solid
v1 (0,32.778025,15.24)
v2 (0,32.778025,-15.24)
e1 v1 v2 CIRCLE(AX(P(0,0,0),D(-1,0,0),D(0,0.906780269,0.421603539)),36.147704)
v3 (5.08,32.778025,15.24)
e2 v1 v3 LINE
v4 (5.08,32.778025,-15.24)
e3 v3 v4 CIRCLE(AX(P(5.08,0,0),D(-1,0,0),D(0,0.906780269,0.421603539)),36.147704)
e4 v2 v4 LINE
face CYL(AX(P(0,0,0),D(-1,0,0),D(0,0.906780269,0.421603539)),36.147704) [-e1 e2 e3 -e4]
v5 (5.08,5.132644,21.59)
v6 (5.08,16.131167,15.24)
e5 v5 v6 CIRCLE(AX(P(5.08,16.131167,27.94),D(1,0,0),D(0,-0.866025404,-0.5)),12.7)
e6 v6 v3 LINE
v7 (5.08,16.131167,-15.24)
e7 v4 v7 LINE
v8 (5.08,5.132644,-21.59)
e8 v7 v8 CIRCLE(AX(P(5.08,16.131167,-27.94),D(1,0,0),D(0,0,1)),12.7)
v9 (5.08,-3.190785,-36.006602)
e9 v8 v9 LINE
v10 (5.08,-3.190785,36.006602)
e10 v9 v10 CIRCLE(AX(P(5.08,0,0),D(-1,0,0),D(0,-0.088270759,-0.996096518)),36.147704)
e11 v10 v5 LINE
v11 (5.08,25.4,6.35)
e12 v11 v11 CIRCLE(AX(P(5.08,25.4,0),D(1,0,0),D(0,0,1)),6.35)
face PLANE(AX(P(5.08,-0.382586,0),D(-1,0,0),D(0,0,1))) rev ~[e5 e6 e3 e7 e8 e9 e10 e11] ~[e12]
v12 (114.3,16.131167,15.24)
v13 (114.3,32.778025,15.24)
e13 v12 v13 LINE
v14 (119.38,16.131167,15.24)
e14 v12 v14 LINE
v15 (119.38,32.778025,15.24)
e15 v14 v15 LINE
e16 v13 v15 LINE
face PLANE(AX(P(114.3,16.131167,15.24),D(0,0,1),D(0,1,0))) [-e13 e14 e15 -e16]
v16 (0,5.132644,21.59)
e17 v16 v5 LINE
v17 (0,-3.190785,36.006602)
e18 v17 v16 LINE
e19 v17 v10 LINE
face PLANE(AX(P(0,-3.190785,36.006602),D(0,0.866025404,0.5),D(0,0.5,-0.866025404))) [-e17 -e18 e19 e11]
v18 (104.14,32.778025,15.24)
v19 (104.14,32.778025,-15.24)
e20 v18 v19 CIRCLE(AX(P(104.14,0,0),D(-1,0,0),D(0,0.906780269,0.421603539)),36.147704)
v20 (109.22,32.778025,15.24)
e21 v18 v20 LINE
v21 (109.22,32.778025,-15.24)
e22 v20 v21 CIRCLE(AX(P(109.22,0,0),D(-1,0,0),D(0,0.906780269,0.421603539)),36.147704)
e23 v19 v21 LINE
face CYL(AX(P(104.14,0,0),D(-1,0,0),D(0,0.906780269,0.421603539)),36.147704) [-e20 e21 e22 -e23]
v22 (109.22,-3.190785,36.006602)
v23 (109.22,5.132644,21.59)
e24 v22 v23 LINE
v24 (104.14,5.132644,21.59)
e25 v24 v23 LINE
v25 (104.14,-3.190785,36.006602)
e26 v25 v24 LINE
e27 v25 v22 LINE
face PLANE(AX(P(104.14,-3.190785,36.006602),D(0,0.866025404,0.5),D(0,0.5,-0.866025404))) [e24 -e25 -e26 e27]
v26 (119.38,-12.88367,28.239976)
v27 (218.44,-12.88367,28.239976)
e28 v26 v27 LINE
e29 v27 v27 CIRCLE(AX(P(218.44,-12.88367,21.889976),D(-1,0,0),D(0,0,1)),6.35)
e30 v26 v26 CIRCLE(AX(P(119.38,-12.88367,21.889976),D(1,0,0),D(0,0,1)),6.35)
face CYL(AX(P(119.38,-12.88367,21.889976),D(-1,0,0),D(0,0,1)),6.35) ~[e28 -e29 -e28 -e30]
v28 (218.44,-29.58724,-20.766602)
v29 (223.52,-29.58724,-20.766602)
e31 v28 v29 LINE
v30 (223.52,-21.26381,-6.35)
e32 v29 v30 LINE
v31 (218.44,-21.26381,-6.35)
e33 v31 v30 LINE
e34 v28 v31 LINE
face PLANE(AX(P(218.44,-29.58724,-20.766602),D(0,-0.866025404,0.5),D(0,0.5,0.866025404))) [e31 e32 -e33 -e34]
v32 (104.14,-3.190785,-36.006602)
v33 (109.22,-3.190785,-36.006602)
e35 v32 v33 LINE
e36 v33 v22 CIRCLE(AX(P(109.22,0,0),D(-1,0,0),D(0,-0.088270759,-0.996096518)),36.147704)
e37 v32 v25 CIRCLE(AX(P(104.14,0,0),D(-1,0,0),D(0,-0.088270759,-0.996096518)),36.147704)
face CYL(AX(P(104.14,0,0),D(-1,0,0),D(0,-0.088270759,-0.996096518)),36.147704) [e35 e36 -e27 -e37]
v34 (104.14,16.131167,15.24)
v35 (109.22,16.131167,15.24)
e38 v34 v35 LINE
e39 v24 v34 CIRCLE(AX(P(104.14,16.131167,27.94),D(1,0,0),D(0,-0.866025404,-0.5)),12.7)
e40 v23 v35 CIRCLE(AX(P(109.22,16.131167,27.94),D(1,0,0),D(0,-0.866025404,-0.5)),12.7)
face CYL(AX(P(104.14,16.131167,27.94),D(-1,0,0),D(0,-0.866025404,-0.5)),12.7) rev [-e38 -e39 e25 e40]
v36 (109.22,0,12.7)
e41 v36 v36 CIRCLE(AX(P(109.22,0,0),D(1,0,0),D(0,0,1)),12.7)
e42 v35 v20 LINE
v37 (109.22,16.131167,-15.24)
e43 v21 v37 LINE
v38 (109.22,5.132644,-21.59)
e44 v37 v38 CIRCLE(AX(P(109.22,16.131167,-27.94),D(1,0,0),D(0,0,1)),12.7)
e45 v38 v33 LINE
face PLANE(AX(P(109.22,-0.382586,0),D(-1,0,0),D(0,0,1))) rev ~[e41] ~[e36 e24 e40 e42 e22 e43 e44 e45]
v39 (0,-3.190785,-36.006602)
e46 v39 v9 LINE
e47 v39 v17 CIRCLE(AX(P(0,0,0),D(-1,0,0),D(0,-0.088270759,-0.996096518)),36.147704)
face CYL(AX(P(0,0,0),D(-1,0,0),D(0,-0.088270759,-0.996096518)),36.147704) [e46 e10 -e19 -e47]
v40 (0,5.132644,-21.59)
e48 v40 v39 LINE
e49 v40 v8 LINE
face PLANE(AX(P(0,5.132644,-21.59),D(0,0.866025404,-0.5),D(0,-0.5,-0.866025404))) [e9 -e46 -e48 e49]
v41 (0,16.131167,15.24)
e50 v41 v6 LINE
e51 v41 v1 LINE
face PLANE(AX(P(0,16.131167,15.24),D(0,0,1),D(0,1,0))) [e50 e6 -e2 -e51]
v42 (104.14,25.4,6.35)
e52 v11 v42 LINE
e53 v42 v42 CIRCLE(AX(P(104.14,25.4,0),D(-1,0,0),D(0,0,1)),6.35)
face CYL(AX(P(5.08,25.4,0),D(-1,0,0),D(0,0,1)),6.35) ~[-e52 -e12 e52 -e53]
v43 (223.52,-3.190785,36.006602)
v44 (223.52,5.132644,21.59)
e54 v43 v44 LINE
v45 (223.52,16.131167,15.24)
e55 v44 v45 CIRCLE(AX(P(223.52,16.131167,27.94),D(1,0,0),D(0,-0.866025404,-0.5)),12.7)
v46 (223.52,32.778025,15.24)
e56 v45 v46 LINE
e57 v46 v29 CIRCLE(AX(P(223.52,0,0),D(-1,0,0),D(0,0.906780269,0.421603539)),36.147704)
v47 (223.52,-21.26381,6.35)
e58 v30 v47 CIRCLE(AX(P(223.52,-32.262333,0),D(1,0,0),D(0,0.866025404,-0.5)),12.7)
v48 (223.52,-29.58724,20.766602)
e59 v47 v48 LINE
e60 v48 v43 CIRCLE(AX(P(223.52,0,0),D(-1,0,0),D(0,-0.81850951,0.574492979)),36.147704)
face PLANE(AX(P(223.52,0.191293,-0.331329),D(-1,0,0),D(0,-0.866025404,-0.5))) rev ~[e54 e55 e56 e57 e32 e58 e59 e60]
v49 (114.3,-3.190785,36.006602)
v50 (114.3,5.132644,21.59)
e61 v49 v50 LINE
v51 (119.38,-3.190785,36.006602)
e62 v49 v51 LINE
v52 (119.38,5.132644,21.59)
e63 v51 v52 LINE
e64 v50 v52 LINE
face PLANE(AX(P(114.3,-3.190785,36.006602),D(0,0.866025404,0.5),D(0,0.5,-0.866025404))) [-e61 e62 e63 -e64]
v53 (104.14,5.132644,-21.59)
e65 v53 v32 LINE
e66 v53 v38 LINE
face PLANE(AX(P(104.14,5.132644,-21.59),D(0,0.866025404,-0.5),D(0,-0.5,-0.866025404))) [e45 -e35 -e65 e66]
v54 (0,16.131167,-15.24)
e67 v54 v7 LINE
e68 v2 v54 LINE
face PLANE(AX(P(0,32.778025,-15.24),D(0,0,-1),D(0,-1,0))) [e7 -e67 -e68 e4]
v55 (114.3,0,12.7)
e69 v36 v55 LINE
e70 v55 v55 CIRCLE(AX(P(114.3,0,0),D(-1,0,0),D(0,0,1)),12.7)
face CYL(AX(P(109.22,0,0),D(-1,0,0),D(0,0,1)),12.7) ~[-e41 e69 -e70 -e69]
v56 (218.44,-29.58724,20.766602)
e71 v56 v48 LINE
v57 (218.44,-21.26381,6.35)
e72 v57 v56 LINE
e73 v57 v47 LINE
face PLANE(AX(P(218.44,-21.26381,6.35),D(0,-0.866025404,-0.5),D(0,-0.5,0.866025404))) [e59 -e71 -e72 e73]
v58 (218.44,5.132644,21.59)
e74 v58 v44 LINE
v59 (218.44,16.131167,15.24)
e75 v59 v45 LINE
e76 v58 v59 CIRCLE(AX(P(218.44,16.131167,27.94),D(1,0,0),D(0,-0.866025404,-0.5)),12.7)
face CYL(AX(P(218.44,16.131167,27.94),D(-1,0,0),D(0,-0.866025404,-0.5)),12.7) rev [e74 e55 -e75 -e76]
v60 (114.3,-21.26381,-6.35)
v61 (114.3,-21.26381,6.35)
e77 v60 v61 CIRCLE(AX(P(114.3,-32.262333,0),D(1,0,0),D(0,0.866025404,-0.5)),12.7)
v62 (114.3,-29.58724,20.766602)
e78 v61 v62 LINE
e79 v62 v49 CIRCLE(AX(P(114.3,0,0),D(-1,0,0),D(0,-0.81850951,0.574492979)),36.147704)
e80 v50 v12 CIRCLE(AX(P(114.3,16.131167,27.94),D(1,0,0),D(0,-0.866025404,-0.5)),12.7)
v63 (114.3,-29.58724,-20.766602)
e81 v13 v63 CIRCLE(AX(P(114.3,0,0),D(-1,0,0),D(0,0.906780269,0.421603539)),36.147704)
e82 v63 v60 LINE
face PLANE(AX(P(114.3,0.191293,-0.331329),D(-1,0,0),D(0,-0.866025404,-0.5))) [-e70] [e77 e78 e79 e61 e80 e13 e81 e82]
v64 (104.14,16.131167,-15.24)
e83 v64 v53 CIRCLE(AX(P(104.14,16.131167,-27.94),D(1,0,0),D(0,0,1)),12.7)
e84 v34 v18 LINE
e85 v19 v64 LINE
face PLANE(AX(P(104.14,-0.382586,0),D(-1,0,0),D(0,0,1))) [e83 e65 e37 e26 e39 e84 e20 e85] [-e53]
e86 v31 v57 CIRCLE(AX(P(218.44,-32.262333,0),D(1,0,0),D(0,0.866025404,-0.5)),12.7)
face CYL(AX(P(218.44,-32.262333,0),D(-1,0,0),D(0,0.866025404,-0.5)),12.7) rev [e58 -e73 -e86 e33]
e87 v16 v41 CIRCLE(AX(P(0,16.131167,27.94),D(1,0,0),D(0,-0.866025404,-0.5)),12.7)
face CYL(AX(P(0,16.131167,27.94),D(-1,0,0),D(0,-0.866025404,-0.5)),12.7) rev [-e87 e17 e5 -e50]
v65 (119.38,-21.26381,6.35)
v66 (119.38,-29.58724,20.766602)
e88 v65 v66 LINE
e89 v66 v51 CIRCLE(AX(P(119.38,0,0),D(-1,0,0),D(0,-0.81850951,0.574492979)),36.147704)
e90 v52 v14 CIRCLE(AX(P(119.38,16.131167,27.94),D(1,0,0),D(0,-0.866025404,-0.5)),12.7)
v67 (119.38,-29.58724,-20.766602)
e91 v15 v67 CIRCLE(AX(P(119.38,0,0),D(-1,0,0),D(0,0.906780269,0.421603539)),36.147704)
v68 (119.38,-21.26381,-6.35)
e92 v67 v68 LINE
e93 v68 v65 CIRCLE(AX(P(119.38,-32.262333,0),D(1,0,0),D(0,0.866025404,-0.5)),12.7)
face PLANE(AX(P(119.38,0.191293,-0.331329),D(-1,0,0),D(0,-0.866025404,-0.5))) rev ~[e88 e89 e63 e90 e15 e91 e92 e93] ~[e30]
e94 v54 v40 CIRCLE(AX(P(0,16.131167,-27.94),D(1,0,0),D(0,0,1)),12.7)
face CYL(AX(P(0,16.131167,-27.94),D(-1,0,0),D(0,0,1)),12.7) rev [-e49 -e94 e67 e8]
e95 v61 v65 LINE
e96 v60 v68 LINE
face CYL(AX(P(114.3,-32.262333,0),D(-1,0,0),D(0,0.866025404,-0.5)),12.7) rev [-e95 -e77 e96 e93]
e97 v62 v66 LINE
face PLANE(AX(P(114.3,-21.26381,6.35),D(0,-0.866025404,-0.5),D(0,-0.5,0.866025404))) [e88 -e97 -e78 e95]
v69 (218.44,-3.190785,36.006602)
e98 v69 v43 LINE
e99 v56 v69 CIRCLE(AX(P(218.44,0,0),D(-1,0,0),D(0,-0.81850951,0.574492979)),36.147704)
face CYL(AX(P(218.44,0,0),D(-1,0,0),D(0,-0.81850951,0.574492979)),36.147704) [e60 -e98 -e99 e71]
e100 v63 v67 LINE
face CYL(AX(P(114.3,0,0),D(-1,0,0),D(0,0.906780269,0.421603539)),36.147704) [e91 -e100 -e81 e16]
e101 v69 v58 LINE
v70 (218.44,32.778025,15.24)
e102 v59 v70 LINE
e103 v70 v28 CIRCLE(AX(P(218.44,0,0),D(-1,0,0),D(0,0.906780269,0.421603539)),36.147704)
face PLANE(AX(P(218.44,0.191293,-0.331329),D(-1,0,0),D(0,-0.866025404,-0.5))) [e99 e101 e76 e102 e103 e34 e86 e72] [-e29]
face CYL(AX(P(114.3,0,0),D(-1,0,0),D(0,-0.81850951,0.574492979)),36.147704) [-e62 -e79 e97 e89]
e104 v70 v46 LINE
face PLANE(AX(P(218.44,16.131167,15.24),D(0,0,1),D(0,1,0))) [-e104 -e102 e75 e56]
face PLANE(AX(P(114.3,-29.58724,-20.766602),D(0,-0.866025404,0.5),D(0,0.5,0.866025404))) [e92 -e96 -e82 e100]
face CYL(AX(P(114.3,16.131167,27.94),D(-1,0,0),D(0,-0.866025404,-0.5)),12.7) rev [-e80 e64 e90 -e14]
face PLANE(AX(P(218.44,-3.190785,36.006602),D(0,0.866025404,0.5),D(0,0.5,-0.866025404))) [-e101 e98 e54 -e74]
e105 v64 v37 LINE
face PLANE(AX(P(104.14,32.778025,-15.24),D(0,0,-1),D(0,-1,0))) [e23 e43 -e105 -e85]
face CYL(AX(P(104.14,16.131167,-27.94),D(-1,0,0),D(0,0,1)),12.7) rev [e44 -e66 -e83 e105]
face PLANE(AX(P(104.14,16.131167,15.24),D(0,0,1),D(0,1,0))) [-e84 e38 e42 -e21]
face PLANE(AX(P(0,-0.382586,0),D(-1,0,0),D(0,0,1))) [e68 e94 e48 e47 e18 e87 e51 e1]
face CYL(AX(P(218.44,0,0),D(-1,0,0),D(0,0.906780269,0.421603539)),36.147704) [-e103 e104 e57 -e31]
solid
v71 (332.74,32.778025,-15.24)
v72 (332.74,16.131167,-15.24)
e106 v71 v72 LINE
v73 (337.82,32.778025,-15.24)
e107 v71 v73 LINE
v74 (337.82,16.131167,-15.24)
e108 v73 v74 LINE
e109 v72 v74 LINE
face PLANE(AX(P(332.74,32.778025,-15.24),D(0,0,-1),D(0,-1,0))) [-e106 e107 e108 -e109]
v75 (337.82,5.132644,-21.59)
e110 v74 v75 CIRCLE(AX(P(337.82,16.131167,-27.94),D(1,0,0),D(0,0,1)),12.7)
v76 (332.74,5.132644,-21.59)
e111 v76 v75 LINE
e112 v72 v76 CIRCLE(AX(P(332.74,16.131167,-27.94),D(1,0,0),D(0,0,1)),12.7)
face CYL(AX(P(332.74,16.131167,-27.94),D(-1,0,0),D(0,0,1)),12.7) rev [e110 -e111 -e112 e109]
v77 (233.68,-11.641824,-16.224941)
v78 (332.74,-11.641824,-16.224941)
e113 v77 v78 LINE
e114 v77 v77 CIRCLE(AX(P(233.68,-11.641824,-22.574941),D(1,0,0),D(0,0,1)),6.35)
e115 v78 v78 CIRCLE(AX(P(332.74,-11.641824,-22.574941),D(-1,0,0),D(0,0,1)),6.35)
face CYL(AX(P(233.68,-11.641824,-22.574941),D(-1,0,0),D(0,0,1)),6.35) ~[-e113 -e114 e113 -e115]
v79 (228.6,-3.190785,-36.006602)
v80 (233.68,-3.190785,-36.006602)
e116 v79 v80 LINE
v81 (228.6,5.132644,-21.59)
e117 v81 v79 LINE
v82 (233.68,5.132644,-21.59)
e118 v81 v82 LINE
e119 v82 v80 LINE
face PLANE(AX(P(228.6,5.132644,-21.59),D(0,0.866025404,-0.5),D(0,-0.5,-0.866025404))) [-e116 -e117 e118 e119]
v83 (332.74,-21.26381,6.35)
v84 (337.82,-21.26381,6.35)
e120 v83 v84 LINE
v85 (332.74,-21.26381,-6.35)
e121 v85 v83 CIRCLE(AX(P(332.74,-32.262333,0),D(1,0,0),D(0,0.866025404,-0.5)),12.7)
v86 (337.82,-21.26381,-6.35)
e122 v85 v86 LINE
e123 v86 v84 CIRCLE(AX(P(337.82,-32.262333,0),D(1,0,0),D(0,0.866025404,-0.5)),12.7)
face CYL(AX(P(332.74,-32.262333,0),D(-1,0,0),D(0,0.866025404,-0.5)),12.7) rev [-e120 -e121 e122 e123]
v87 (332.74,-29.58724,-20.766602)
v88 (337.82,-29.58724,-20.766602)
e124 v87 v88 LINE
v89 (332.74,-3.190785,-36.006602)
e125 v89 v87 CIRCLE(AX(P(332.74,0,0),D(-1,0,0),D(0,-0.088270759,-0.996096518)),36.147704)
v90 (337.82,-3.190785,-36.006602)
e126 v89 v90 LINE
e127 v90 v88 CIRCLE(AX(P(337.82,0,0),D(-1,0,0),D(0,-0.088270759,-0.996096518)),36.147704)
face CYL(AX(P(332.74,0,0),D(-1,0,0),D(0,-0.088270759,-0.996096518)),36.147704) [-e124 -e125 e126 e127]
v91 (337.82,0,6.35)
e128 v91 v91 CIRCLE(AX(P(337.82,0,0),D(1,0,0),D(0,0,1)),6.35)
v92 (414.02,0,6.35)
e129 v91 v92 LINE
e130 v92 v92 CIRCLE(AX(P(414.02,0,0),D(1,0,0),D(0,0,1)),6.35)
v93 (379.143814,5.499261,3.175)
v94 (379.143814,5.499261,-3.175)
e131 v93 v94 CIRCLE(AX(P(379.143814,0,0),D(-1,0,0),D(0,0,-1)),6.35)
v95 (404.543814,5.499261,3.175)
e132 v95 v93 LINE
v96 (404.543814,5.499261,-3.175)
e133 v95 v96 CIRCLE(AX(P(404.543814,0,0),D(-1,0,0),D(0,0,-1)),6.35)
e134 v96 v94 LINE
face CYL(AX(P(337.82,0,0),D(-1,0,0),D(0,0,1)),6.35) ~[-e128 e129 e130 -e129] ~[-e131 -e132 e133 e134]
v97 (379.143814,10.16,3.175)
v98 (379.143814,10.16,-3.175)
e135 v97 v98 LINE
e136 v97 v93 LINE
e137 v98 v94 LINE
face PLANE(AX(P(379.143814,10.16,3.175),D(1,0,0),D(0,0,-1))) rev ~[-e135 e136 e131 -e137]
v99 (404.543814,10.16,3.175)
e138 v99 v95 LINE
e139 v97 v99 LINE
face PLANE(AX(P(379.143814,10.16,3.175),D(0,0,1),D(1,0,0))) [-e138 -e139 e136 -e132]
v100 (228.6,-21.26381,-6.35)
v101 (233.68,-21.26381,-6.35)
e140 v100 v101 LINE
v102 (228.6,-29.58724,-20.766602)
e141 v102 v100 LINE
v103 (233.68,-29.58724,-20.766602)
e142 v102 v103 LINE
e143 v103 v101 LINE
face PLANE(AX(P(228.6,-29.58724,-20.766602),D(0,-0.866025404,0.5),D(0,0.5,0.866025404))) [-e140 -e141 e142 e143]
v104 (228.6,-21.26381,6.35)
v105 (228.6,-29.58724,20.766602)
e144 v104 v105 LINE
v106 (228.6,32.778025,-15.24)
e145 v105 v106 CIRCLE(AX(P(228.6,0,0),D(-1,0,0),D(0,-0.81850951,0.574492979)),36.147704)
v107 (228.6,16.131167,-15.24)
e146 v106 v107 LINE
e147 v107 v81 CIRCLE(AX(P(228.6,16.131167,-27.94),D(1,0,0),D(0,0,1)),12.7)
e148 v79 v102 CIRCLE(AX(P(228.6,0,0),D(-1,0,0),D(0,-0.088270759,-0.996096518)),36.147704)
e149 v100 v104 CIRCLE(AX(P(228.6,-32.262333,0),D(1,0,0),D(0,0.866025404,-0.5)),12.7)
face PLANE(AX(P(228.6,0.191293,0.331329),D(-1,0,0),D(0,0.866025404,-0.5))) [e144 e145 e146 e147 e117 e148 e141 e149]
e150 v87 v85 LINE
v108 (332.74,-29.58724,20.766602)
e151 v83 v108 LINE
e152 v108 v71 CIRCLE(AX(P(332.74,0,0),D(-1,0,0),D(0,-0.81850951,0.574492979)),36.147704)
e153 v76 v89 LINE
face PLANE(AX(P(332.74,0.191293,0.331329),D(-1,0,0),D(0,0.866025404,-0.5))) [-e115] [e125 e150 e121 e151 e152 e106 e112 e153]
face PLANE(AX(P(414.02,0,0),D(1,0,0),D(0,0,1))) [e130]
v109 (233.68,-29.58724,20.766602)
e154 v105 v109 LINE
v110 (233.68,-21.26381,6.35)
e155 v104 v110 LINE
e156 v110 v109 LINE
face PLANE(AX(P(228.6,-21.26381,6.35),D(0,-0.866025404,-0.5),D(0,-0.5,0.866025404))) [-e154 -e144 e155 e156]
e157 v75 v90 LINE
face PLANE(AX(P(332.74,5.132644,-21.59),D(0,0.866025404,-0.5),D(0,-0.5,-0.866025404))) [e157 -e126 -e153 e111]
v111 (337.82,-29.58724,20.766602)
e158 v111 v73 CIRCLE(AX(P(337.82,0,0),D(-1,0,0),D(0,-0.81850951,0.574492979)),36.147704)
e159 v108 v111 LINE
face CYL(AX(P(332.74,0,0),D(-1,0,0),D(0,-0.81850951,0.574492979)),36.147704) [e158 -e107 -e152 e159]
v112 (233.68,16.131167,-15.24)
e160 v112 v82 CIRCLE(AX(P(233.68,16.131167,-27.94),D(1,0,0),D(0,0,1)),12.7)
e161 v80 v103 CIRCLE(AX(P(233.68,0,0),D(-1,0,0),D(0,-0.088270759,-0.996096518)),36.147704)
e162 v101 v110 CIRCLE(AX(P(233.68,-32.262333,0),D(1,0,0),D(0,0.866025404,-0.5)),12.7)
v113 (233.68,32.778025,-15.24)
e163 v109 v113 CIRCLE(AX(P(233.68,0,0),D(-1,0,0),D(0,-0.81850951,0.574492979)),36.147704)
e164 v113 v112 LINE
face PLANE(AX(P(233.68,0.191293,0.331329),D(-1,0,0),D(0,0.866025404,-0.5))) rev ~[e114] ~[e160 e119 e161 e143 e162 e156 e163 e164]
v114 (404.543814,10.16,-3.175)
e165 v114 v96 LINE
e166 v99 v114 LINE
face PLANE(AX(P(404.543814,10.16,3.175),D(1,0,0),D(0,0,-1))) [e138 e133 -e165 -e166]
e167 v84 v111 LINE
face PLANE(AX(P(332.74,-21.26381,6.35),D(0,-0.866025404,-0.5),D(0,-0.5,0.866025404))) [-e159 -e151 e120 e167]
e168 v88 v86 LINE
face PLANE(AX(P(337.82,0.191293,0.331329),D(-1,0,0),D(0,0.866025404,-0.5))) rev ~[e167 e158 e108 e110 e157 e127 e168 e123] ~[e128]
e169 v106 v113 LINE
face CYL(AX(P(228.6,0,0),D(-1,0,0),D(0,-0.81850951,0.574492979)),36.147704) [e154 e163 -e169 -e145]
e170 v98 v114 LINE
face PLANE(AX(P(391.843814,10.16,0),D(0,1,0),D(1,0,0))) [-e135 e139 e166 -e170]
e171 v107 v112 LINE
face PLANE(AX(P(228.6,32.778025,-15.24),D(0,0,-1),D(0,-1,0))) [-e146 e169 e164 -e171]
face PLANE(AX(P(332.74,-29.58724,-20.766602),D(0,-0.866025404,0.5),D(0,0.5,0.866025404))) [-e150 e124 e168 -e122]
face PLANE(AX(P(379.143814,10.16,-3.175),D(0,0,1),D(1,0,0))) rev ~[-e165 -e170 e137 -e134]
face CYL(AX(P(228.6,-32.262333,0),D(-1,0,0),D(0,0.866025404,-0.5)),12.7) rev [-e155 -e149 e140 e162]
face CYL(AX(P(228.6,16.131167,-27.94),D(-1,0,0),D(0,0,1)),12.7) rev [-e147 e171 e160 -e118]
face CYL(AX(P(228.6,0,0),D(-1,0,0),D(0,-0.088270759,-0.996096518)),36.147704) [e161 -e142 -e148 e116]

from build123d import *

# Parameters (mm, degrees)
BOSS_EXTRUDE2_DEPTH      = 5.08
BODY_MOVE_COPY13_ANGLE   = 120
BODY_MOVE_COPY18_ANGLE   = 120
BOSS_EXTRUDE3_REACH      = 338.644
SKETCH8_R                = 6.35
BOSS_EXTRUDE4_REACH      = 236.246
SKETCH9_R                = 12.7
BOSS_EXTRUDE5_REACH      = 226.342
SKETCH11_R               = 6.35
BOSS_EXTRUDE6_REACH      = 241.206
SKETCH13_R               = 6.35
SKETCH14_R               = 6.35
BOSS_EXTRUDE7_DEPTH      = 76.2
BOSS_EXTRUDE8_REACH      = 420.167
BOSS_EXTRUDE8_END_RADIUS = 6.35
SKETCH15_W               = 25.4
SKETCH15_H               = 6.35


with BuildPart() as part:
    # Sketch5 → Boss-Extrude2 (new body)
    with BuildSketch(Plane(origin=(0, 0, 0), x_dir=(0, 0, -1), z_dir=(1, 0, 0))):
        with BuildLine():
            Line((15.24, 32.778024856), (15.24, 16.131166521))
            ThreePointArc((15.24, 16.131166521), (16.941477372, 9.781166521), (21.59, 5.132643893))
            Line((21.59, 5.132643893), (36.006602211, -3.190785274))
            ThreePointArc((36.006602211, -3.190785274), (0, -36.147704125), (-36.006602211, -3.190785274))
            Line((-36.006602211, -3.190785274), (-21.59, 5.132643893))
            ThreePointArc((-21.59, 5.132643893), (-16.941477372, 9.781166521), (-15.24, 16.131166521))
            Line((-15.24, 16.131166521), (-15.24, 32.778024856))
            ThreePointArc((-15.24, 32.778024856), (0, 36.147704125), (15.24, 32.778024856))
        make_face()
    extrude(amount=BOSS_EXTRUDE2_DEPTH)


with BuildPart() as body_2:
    # Body-Move/Copy11: copy of part
    add(part.part.moved(Location((104.14, 0, 0))))


with BuildPart() as body_3:
    # Body-Move/Copy12: copy of body 2
    add(body_2.part.moved(Location((10.16, 0, 0))))


with BuildPart() as body_3_1:
    # Body-Move/Copy13: moved
    add(body_3.part.rotate(Axis((0, 0, 0), (1, 0, 0)), BODY_MOVE_COPY13_ANGLE))


with BuildPart() as body_4:
    # Body-Move/Copy14: copy of body 3
    add(body_3_1.part.moved(Location((104.14, 0, 0))))


with BuildPart() as body_5:
    # Body-Move/Copy16: copy of body 4
    add(body_4.part.moved(Location((10.16, 0, 0))))


with BuildPart() as body_5_1:
    # Body-Move/Copy18: moved
    add(body_5.part.rotate(Axis((0, 0, 0), (1, 0, 0)), BODY_MOVE_COPY18_ANGLE))


with BuildPart() as body_6:
    # Body-Move/Copy19: copy of body 5
    add(body_5_1.part.moved(Location((104.14, 0, 0))))

    # Sketch13 → Boss-Extrude6 (add, up to next)
    with BuildSketch(Plane(origin=(233.68, 0, 0), x_dir=(0, 0, -1), z_dir=(1, 0, 0)), mode=Mode.PRIVATE) as boss_extrude6_sk1:
        with Locations(Location((22.574940501, -11.6418238, 0), (0, 0, 180))):
            Circle(SKETCH13_R)
    boss_extrude6_tool1 = extrude(boss_extrude6_sk1.sketch, amount=BOSS_EXTRUDE6_REACH, mode=Mode.PRIVATE) - body_6.part

    add(body_5_1.part)  # Boss-Extrude6 merges body 5
    add(boss_extrude6_tool1.solids().sort_by_distance((233.68, -11.641824, -22.574941))[0])

    # Sketch14 → Boss-Extrude7 (add)
    with BuildSketch(Plane(origin=(337.82, 0, 0), x_dir=(0, 0, -1), z_dir=(1, 0, 0))):
        with Locations(Location((0, 0, 0), (0, 0, 180))):
            Circle(SKETCH14_R)
    extrude(amount=BOSS_EXTRUDE7_DEPTH)

    # Boss-Extrude8: up to this cylinder (the profile starts outside it)
    boss_extrude8_end = Plane(origin=(391.843814, 0, 0), z_dir=(-1, 0, 0)) * Cylinder(BOSS_EXTRUDE8_END_RADIUS, 854.034, mode=Mode.PRIVATE)
    # Sketch15 → Boss-Extrude8 (add, up to the surface)
    with BuildSketch(Plane(origin=(0, 10.16, 0), x_dir=(1, 0, 0), z_dir=(0, 1, 0)), mode=Mode.PRIVATE) as boss_extrude8_sk1:
        with Locations((391.843813574, 0)):
            Rectangle(SKETCH15_W, SKETCH15_H)
    boss_extrude8_tool1 = extrude(boss_extrude8_sk1.sketch, amount=-BOSS_EXTRUDE8_REACH, mode=Mode.PRIVATE) - boss_extrude8_end
    add(boss_extrude8_tool1.solids().sort_by_distance((391.843814, 10.16, 0))[0])


with BuildPart() as body_2_1:
    add(body_2.part)

    # Sketch8 → Boss-Extrude3 (add, up to next)
    with BuildSketch(Plane(origin=(5.08, 0, 0), x_dir=(0, 0, -1), z_dir=(1, 0, 0)), mode=Mode.PRIVATE) as boss_extrude3_sk1:
        with Locations(Location((0, 25.4, 0), (0, 0, 180))):
            Circle(SKETCH8_R)
    boss_extrude3_tool1 = extrude(boss_extrude3_sk1.sketch, amount=BOSS_EXTRUDE3_REACH, mode=Mode.PRIVATE) - body_2_1.part

    add(part.part)  # Boss-Extrude3 merges part
    add(boss_extrude3_tool1.solids().sort_by_distance((5.08, 25.4, 0))[0])


with BuildPart() as body_3_2:
    add(body_3_1.part)

    # Sketch9 → Boss-Extrude4 (add, up to next)
    with BuildSketch(Plane(origin=(109.22, 0, 0), x_dir=(0, 0, -1), z_dir=(1, 0, 0)), mode=Mode.PRIVATE) as boss_extrude4_sk1:
        with Locations(Location((0, 0, 0), (0, 0, 180))):
            Circle(SKETCH9_R)
    boss_extrude4_tool1 = extrude(boss_extrude4_sk1.sketch, amount=BOSS_EXTRUDE4_REACH, mode=Mode.PRIVATE) - body_3_2.part

    add(body_2_1.part)  # Boss-Extrude4 merges body 2
    add(boss_extrude4_tool1.solids().sort_by_distance((109.22, 0, 0))[0])


with BuildPart() as body_4_1:
    add(body_4.part)

    # Sketch11 → Boss-Extrude5 (add, up to next)
    with BuildSketch(Plane(origin=(119.38, 0, 0), x_dir=(0, 0, -1), z_dir=(1, 0, 0)), mode=Mode.PRIVATE) as boss_extrude5_sk1:
        with Locations(Location((-21.889975743, -12.883670361, 0), (0, 0, 180))):
            Circle(SKETCH11_R)
    boss_extrude5_tool1 = extrude(boss_extrude5_sk1.sketch, amount=BOSS_EXTRUDE5_REACH, mode=Mode.PRIVATE) - body_4_1.part

    add(body_3_2.part)  # Boss-Extrude5 merges body 3
    add(boss_extrude5_tool1.solids().sort_by_distance((119.38, -12.88367, 21.889976))[0])


solid = Compound([body_6.part, body_4_1.part])
